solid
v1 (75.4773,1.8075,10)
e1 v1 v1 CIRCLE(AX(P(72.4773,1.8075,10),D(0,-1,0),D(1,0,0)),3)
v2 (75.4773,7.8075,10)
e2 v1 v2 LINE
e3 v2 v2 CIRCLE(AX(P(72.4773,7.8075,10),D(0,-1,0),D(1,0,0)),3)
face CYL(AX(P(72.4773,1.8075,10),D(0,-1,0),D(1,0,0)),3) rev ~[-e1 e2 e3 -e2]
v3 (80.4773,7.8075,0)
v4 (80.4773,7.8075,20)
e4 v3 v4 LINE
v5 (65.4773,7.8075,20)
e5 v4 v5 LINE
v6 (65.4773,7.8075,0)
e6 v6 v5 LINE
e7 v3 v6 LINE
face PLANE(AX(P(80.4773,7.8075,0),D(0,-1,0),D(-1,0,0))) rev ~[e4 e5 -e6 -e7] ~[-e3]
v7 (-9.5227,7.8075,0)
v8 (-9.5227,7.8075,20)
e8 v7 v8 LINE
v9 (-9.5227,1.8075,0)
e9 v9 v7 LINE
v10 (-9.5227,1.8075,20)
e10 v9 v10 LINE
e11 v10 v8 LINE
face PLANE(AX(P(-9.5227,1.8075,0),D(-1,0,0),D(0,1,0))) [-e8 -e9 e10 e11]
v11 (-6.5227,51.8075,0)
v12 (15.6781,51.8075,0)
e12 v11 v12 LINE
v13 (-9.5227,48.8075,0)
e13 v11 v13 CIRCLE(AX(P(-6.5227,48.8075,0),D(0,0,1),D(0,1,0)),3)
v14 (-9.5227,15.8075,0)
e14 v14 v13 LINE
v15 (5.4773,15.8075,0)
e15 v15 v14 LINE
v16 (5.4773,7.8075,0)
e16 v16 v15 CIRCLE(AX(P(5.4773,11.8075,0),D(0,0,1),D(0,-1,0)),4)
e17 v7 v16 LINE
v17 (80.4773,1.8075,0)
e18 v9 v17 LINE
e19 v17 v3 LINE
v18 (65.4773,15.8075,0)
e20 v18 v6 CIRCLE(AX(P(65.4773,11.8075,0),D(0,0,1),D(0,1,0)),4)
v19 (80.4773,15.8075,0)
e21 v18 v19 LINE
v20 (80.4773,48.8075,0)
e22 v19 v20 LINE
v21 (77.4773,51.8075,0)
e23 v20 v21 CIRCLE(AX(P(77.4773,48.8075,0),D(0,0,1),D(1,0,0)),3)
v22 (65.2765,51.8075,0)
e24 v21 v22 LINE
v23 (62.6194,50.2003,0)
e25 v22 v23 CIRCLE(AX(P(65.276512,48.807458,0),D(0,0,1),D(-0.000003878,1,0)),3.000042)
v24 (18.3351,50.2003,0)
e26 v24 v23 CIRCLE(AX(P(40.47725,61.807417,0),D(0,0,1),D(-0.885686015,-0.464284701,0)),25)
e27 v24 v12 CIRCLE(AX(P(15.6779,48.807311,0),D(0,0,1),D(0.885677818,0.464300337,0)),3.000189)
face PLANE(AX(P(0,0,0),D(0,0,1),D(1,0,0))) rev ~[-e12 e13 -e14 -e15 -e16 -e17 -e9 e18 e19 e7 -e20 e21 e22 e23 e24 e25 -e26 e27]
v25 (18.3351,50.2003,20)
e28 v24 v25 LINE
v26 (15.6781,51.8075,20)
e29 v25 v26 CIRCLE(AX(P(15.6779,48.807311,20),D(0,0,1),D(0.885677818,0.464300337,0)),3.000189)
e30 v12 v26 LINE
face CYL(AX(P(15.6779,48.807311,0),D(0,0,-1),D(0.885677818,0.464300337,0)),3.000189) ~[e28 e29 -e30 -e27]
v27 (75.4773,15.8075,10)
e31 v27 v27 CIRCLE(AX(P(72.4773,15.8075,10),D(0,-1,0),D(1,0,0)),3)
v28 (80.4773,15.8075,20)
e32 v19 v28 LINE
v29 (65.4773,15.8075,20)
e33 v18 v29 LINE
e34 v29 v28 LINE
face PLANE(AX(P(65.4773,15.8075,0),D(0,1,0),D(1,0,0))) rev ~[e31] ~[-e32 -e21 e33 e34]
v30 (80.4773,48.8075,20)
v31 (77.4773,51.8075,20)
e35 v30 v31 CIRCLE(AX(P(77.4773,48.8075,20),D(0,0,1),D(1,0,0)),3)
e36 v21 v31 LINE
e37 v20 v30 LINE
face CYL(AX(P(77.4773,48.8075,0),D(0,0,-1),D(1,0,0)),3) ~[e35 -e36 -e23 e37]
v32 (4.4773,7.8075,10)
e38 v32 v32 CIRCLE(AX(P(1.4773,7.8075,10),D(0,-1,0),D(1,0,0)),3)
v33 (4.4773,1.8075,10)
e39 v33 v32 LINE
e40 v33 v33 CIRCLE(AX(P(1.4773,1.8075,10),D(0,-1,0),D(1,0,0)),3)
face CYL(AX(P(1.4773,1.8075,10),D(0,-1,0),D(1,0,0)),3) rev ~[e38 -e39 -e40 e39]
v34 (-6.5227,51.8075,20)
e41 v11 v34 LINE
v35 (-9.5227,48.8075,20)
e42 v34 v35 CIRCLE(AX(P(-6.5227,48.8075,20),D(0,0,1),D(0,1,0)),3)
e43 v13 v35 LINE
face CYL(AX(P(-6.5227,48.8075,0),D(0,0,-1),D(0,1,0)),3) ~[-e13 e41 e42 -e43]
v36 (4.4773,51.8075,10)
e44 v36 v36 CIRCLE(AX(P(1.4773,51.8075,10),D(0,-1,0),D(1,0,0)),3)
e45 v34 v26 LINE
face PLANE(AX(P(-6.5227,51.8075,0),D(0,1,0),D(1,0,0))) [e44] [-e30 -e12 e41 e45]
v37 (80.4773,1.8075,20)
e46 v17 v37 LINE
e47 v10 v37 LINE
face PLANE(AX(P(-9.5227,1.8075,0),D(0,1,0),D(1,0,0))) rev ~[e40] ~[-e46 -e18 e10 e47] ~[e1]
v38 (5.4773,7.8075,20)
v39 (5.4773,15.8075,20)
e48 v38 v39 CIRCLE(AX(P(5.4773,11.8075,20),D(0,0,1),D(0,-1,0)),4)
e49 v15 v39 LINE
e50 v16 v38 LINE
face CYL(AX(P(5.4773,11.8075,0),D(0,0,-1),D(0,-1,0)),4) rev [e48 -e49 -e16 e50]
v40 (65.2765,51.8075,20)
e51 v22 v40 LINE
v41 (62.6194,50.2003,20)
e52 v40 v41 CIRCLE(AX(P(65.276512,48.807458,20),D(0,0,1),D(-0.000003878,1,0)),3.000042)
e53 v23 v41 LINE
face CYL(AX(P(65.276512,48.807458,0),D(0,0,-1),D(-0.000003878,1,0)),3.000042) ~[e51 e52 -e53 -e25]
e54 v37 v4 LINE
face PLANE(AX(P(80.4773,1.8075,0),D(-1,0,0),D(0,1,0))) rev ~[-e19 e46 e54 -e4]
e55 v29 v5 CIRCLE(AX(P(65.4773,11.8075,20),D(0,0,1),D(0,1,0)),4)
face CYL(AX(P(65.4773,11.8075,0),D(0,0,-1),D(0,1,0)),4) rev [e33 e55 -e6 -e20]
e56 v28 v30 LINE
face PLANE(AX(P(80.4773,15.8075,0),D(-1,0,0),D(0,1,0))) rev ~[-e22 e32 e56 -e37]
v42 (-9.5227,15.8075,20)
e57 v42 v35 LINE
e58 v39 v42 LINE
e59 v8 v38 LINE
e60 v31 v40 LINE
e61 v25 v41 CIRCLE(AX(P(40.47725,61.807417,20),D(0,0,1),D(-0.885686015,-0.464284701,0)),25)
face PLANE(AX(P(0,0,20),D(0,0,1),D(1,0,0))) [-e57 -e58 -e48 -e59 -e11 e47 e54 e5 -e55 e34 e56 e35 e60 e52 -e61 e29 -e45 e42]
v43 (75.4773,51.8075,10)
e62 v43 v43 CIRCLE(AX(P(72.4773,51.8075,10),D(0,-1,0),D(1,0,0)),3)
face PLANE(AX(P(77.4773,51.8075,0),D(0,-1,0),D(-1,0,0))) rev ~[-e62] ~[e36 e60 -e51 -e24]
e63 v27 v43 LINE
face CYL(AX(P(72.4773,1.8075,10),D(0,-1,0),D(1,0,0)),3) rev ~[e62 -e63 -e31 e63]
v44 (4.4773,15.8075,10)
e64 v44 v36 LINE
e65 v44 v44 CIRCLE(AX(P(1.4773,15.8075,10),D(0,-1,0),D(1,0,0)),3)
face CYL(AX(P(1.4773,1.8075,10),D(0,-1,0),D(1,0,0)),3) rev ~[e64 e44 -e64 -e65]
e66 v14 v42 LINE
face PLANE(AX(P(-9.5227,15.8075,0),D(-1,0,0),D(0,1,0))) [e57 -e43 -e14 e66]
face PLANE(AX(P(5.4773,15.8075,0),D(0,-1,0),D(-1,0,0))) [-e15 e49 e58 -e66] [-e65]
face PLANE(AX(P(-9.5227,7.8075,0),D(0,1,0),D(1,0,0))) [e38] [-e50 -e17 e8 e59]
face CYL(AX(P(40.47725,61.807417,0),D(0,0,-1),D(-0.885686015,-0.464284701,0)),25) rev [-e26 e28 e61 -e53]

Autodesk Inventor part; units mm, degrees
ref_plane "YZ Plane" through (0, 0, 0) normal (1, 0, 0) x (0, 1, 0)
ref_plane "XZ Plane" through (0, 0, 0) normal (0, 1, 0) x (-1, 0, 0)
ref_plane "XY Plane" through (0, 0, 0) normal (0, 0, 1) x (1, 0, 0)
sketch "Sketch1" plane through (0, 0, 0) normal (0, 0, 1) x (1, 0, 0)
  line L0 (-9.5227, 1.8075) -> (80.4773, 1.8075)
  line L1 (80.4773, 1.8075) -> (80.4773, 7.8075)
  line L2 (80.4773, 7.8075) -> (65.4773, 7.8075)
  line L3 (65.4773, 15.8075) -> (80.4773, 15.8075)
  line L4 (80.4773, 15.8075) -> (80.4773, 48.8075)
  arc A0 (65.4773, 15.8075) -> (65.4773, 7.8075) centre (65.4773, 11.8075) ccw
  line L5 (77.4773, 51.8075) -> (65.2765, 51.8075)
  arc A1 (80.4773, 48.8075) -> (77.4773, 51.8075) centre (77.4773, 48.8075) ccw
  line L6 (-9.5227, 1.8075) -> (-9.5227, 7.8075)
  line L7 (-9.5227, 15.8075) -> (-9.5227, 48.8075)
  line L8 (-9.5227, 7.8075) -> (5.4773, 7.8075)
  line L9 (5.4773, 15.8075) -> (-9.5227, 15.8075)
  arc A2 (5.4773, 7.8075) -> (5.4773, 15.8075) centre (5.4773, 11.8075) ccw
  line L10 (-6.5227, 51.8075) -> (15.6781, 51.8075)
  arc A3 (-6.5227, 51.8075) -> (-9.5227, 48.8075) centre (-6.5227, 48.8075) ccw
  arc A4 (18.3351, 50.2003) -> (62.6194, 50.2003) centre (40.4773, 61.8075) ccw
  arc A5 (18.3351, 50.2003) -> (15.6781, 51.8075) centre (15.6781, 48.8075) ccw
  arc A6 (65.2765, 51.8075) -> (62.6194, 50.2003) centre (65.2765, 48.8075) ccw
  point P0 (0, 0)
  point P1 (80.4773, 51.8075)
  point P2 (63.3902, 51.8075)
  point P3 (17.5644, 51.8075)
  dimension "d0" = 90
  dimension "d1" = 6
  dimension "d2" = 15
  dimension "d3" = 8
  dimension "d4" = 36
  dimension "d7" = 3
  dimension "d8" = 6
  dimension "d16" = 50
  dimension "d17" = 3
extrude "Extrusion1" add sketch "Sketch1" along normal blind 20
sketch "Sketch2" plane through (-9.5227, 1.8075, 0) normal (0, -1, 0) x (1, 0, 0)
  line L0 (90, 0) -> (90, 20) projected
  circle A0 centre (82, 10) radius 3
  line L1 (3, 0) -> (3, 20) projected
  circle A1 centre (11, 10) radius 3
  point P0 (9.5227, 0)
  dimension "d21" = 6
  dimension "d23" = 6
extrude "Extrusion2" cut sketch "Sketch2" against normal blind 50
properties part number "telo" material "Wood (Birch)"
